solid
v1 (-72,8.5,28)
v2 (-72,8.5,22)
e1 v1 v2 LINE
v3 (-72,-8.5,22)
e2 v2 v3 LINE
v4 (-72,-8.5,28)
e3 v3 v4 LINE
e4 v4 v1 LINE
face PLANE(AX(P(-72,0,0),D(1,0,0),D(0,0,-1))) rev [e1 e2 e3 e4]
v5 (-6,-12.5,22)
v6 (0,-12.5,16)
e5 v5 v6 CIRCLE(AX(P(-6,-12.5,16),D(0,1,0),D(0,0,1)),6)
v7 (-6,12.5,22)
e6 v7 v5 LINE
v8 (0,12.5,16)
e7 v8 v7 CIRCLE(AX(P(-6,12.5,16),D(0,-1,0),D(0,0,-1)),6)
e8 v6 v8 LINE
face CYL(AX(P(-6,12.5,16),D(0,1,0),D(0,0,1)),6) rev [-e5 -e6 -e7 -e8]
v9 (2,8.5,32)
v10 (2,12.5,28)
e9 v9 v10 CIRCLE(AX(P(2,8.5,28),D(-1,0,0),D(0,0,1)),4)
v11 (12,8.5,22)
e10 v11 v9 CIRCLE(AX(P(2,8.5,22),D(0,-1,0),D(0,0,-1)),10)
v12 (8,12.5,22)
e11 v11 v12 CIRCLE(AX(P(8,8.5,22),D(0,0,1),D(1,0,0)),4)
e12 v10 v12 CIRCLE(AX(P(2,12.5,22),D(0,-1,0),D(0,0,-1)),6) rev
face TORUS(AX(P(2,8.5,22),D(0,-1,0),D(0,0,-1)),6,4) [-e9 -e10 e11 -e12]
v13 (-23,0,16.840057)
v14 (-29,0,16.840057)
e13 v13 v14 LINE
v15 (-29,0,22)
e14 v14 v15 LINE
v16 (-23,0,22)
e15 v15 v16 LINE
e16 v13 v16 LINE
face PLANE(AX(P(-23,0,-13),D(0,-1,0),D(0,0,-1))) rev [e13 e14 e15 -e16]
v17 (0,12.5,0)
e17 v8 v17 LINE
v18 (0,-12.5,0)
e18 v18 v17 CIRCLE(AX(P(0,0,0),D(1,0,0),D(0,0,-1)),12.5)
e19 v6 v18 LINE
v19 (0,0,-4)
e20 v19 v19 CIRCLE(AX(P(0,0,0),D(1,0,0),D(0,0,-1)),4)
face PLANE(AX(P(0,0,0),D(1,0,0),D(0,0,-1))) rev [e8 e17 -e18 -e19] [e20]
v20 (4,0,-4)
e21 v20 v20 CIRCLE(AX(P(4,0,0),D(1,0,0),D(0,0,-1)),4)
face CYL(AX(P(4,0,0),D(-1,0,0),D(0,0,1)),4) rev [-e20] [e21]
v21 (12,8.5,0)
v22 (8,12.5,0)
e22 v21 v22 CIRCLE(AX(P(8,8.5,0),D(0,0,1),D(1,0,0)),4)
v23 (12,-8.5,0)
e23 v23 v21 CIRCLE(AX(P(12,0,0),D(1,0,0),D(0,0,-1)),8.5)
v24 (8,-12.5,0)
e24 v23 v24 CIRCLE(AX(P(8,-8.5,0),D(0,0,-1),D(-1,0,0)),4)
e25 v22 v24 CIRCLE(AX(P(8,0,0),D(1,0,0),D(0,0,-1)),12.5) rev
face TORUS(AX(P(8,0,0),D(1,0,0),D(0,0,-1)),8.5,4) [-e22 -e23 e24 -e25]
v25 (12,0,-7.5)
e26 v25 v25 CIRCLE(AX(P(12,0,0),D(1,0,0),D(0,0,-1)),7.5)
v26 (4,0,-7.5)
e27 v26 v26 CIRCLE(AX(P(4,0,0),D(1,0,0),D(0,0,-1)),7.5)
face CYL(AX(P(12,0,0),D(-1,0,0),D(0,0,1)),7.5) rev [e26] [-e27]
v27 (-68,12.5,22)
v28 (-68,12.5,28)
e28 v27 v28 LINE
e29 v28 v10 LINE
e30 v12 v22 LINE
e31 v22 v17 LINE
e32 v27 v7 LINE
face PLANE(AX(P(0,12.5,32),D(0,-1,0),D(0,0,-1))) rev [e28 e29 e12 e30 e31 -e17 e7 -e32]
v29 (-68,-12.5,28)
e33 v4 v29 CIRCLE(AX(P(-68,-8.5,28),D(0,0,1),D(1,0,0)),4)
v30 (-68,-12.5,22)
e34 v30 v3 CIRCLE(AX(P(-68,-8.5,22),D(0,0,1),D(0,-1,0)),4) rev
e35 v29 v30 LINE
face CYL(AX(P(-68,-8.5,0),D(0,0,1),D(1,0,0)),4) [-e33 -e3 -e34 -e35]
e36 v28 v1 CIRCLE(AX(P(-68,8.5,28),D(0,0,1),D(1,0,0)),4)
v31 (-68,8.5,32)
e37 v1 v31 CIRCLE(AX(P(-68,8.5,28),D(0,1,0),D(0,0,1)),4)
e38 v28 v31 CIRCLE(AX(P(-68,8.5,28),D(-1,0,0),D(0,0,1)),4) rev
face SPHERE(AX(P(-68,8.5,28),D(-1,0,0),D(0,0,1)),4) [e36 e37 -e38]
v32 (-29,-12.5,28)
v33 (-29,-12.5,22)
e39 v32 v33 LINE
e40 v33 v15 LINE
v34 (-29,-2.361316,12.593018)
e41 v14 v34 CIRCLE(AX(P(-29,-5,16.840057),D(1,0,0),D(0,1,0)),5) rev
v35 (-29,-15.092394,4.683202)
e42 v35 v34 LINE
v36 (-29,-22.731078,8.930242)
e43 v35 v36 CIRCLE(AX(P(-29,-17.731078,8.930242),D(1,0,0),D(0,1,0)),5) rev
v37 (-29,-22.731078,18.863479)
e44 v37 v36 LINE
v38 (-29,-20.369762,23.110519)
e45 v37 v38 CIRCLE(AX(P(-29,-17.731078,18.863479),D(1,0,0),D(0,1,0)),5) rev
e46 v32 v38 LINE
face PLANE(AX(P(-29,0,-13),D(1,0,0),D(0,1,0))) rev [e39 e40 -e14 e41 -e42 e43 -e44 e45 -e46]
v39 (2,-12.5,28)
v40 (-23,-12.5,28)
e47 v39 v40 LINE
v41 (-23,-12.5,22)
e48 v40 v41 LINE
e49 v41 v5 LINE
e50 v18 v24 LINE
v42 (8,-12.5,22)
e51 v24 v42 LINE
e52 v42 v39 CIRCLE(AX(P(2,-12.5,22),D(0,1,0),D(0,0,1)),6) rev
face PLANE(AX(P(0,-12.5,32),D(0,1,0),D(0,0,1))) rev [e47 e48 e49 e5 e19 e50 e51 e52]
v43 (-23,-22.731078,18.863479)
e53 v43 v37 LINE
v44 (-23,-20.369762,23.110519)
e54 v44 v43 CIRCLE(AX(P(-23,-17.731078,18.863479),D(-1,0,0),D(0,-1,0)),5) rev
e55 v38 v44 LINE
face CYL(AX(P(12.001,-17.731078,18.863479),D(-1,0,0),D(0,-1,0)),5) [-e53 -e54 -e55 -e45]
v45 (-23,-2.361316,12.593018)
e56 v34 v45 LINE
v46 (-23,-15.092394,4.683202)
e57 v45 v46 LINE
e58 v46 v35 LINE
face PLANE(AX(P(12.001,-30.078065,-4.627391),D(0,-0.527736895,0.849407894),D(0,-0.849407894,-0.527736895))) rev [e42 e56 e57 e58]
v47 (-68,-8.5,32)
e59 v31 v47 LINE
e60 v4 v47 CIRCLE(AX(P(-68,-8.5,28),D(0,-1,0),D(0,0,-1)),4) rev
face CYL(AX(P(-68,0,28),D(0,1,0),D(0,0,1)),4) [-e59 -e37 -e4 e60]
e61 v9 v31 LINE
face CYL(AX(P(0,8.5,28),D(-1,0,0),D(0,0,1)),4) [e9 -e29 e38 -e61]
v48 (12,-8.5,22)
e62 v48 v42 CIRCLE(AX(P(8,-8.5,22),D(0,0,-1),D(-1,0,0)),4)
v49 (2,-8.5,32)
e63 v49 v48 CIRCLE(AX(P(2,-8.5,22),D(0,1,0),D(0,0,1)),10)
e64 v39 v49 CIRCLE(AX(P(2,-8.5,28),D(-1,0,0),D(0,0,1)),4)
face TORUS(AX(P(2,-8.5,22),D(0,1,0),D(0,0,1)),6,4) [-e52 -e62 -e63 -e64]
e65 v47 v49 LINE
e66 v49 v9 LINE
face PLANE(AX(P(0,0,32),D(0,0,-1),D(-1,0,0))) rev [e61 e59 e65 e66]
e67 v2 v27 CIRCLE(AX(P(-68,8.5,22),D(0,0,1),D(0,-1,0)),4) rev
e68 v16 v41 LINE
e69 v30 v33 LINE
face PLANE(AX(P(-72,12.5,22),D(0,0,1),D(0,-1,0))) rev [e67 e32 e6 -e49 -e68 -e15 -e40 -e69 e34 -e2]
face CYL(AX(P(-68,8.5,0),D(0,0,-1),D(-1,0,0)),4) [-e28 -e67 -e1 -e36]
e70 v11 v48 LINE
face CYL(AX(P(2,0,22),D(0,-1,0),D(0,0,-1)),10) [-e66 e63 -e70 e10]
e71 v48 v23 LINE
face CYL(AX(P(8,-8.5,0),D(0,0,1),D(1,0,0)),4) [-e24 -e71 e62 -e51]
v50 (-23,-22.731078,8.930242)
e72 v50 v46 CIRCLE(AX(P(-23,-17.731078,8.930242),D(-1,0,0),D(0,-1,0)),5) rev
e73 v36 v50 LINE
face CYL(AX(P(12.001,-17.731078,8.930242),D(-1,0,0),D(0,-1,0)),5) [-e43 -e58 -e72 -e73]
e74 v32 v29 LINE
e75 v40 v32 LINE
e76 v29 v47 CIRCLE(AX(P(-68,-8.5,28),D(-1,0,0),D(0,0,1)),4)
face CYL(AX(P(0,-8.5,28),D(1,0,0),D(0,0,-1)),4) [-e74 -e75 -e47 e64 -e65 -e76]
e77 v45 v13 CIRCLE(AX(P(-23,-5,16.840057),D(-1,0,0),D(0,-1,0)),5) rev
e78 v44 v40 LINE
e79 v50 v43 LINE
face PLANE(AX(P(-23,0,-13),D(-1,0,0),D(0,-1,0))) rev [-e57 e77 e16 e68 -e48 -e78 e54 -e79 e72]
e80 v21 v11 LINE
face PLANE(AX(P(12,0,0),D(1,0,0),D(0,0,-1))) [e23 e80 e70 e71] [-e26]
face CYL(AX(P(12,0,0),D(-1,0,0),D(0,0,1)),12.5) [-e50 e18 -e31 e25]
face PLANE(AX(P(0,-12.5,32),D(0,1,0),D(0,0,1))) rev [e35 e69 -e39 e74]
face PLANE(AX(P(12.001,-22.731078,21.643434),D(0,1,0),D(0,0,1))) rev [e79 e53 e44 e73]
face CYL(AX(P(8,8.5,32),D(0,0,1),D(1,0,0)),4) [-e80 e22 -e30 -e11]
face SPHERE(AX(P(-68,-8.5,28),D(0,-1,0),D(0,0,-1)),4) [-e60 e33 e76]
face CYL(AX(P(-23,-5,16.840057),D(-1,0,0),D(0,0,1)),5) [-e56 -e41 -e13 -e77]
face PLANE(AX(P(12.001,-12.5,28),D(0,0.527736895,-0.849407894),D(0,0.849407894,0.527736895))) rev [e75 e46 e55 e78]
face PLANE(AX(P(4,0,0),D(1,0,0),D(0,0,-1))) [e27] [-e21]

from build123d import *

# Parameters (mm, degrees)
SKETCH1_R           = 12.5
SKETCH1_R_2         = 7.5
BOSS_EXTRUDE1_DEPTH = 12
SKETCH1_3_R         = 7.5
SKETCH1_3_R_2       = 4
BOSS_EXTRUDE2_DEPTH = 4
SKETCH2_W           = 12
SKETCH2_H           = 25
BOSS_EXTRUDE3_DEPTH = 32
CUT_EXTRUDE1_DEPTH  = 8
CUT_EXTRUDE2_DEPTH  = 13
SKETCH4_W           = 10
SKETCH4_H           = 25
BOSS_EXTRUDE4_DEPTH = 72
FILLET1_R           = 6
FILLET2_R           = 10
FILLET3_R           = 4
SKETCH5_W           = 6
SKETCH5_H           = 30.078064569
BOSS_EXTRUDE5_DEPTH = 35
CUT_EXTRUDE3_REACH  = 43
SKETCH7_W           = 6
SKETCH7_H           = 17.578064569
BOSS_EXTRUDE6_DEPTH = 6
CUT_EXTRUDE4_REACH  = 43
FILLET4_R           = 5


with BuildPart() as part:
    # Sketch1 → Boss-Extrude1 (new body)
    with BuildSketch(Plane(origin=(0, 0, 0), x_dir=(0, 0, -1), z_dir=(1, 0, 0))):
        Circle(SKETCH1_R)
        Circle(SKETCH1_R_2, mode=Mode.SUBTRACT)
    extrude(amount=BOSS_EXTRUDE1_DEPTH)

    # Sketch1<3> → Boss-Extrude2 (add)
    with BuildSketch(Plane(origin=(0, 0, 0), x_dir=(0, 0, -1), z_dir=(1, 0, 0))):
        Circle(SKETCH1_3_R)
        Circle(SKETCH1_3_R_2, mode=Mode.SUBTRACT)
    extrude(amount=BOSS_EXTRUDE2_DEPTH)

    # Sketch2 → Boss-Extrude3 (add)
    with BuildSketch(Plane.XY):
        with Locations((6, 0)):
            Rectangle(SKETCH2_W, SKETCH2_H)
    extrude(amount=BOSS_EXTRUDE3_DEPTH)

    # Sketch3 → Cut-Extrude1 (cut)
    with BuildSketch(Plane(origin=(12, 0, -12), x_dir=(0, 0, 1), z_dir=(-1, 0, 0))):
        with BuildLine():
            ThreePointArc((12, 4), (14.828427125, 2.828427125), (16, 0))
            ThreePointArc((16, 0), (14.828427125, -2.828427125), (12, -4))
            Line((12, -4), (12, -7.5))
            ThreePointArc((12, -7.5), (17.303300859, -5.303300859), (19.5, 0))
            ThreePointArc((19.5, 0), (17.303300859, 5.303300859), (12, 7.5))
            Line((12, 7.5), (12, 4))
        make_face()
        with BuildLine():
            ThreePointArc((12, -4), (8, 0), (12, 4))
            Line((12, 4), (12, 7.5))
            ThreePointArc((12, 7.5), (4.5, 0), (12, -7.5))
            Line((12, -7.5), (12, -4))
        make_face()
    extrude(amount=CUT_EXTRUDE1_DEPTH, mode=Mode.SUBTRACT)

    # Sketch3<6> → Cut-Extrude2 (cut, through all)
    with BuildSketch(Plane(origin=(12, 0, -12), x_dir=(0, 0, 1), z_dir=(-1, 0, 0))):
        with BuildLine():
            ThreePointArc((12, -4), (14.828427125, -2.828427125), (16, 0))
            ThreePointArc((16, 0), (14.828427125, 2.828427125), (12, 4))
            Line((12, 4), (12, -4))
        make_face()
        with BuildLine():
            Line((12, -4), (12, 4))
            ThreePointArc((12, 4), (8, 0), (12, -4))
        make_face()
    extrude(amount=CUT_EXTRUDE2_DEPTH, mode=Mode.SUBTRACT)

    # Sketch4 → Boss-Extrude4 (add)
    with BuildSketch(Plane.ZY):
        with Locations((27, 0)):
            Rectangle(SKETCH4_W, SKETCH4_H)
    extrude(amount=BOSS_EXTRUDE4_DEPTH)

    # Fillet1
    fillet1_edges = [part.edges().sort_by_distance(p)[0] for p in [
        (0, 0, 22),
    ]]
    fillet(fillet1_edges, radius=FILLET1_R)

    # Fillet2
    fillet2_edges = [part.edges().sort_by_distance(p)[0] for p in [
        (12, 0, 32),
    ]]
    fillet(fillet2_edges, radius=FILLET2_R)

    # Fillet3
    fillet3_edges = [part.edges().sort_by_distance(p)[0] for p in [
        (9.071067812, -12.5, 29.071067812),
        (12, 0, -12.5),
        (-36, -12.5, 32),
        (-72, 0, 32),
        (-72, 12.5, 27),
        (-72, -12.5, 27),
        (-36, 12.5, 32),
        (12, 12.5, 11),
        (9.071067812, 12.5, 29.071067812),
        (12, -12.5, 11),
    ]]
    fillet(fillet3_edges, radius=FILLET3_R)

    # Sketch5 → Boss-Extrude5 (add)
    with BuildSketch(Plane(origin=(0, 0, 22), x_dir=(-1, 0, 0), z_dir=(0, 0, -1))):
        with Locations((26, -15.039032285)):
            Rectangle(SKETCH5_W, SKETCH5_H)
    extrude(amount=BOSS_EXTRUDE5_DEPTH)

    # Sketch6 → Cut-Extrude3 (cut, up to next)
    with BuildSketch(Plane.ZY.offset(29), mode=Mode.PRIVATE) as cut_extrude3_sk1:
        Polygon((-4.627390911, -30.078064569), (14.060102478, 0), (-13, 0), (-13, -30.078064569), align=None)
    cut_extrude3_tool1 = extrude(cut_extrude3_sk1.sketch, amount=-CUT_EXTRUDE3_REACH, mode=Mode.PRIVATE) & part.part
    add(cut_extrude3_tool1.solids().sort_by_distance((-29, -12.395131, -3.320494))[0], mode=Mode.SUBTRACT)

    # Sketch7 → Boss-Extrude6 (add)
    with BuildSketch(Plane.XY.offset(22)):
        with Locations((-26, -21.289032285)):
            Rectangle(SKETCH7_W, SKETCH7_H)
    extrude(amount=BOSS_EXTRUDE6_DEPTH)

    # Sketch8 → Cut-Extrude4 (cut, up to next)
    with BuildSketch(Plane.ZY.offset(29), mode=Mode.PRIVATE) as cut_extrude4_sk1:
        Polygon((28, -12.5), (21.643434009, -22.731077991), (-0.062710135, -22.731077991), (-4.627390911, -30.078064569), (28, -30.078064569), align=None)
    cut_extrude4_tool1 = extrude(cut_extrude4_sk1.sketch, amount=-CUT_EXTRUDE4_REACH, mode=Mode.PRIVATE) & part.part
    add(cut_extrude4_tool1.solids().sort_by_distance((-29, -25.583256, 14.464083))[0], mode=Mode.SUBTRACT)

    # Fillet4
    fillet4_edges = [part.edges().sort_by_distance(p)[0] for p in [
        (-26, 0, 14.060102478),
        (-26, -22.731077991, -0.062710135),
        (-26, -22.731077991, 21.643434009),
    ]]
    fillet(fillet4_edges, radius=FILLET4_R)


solid = part.part
